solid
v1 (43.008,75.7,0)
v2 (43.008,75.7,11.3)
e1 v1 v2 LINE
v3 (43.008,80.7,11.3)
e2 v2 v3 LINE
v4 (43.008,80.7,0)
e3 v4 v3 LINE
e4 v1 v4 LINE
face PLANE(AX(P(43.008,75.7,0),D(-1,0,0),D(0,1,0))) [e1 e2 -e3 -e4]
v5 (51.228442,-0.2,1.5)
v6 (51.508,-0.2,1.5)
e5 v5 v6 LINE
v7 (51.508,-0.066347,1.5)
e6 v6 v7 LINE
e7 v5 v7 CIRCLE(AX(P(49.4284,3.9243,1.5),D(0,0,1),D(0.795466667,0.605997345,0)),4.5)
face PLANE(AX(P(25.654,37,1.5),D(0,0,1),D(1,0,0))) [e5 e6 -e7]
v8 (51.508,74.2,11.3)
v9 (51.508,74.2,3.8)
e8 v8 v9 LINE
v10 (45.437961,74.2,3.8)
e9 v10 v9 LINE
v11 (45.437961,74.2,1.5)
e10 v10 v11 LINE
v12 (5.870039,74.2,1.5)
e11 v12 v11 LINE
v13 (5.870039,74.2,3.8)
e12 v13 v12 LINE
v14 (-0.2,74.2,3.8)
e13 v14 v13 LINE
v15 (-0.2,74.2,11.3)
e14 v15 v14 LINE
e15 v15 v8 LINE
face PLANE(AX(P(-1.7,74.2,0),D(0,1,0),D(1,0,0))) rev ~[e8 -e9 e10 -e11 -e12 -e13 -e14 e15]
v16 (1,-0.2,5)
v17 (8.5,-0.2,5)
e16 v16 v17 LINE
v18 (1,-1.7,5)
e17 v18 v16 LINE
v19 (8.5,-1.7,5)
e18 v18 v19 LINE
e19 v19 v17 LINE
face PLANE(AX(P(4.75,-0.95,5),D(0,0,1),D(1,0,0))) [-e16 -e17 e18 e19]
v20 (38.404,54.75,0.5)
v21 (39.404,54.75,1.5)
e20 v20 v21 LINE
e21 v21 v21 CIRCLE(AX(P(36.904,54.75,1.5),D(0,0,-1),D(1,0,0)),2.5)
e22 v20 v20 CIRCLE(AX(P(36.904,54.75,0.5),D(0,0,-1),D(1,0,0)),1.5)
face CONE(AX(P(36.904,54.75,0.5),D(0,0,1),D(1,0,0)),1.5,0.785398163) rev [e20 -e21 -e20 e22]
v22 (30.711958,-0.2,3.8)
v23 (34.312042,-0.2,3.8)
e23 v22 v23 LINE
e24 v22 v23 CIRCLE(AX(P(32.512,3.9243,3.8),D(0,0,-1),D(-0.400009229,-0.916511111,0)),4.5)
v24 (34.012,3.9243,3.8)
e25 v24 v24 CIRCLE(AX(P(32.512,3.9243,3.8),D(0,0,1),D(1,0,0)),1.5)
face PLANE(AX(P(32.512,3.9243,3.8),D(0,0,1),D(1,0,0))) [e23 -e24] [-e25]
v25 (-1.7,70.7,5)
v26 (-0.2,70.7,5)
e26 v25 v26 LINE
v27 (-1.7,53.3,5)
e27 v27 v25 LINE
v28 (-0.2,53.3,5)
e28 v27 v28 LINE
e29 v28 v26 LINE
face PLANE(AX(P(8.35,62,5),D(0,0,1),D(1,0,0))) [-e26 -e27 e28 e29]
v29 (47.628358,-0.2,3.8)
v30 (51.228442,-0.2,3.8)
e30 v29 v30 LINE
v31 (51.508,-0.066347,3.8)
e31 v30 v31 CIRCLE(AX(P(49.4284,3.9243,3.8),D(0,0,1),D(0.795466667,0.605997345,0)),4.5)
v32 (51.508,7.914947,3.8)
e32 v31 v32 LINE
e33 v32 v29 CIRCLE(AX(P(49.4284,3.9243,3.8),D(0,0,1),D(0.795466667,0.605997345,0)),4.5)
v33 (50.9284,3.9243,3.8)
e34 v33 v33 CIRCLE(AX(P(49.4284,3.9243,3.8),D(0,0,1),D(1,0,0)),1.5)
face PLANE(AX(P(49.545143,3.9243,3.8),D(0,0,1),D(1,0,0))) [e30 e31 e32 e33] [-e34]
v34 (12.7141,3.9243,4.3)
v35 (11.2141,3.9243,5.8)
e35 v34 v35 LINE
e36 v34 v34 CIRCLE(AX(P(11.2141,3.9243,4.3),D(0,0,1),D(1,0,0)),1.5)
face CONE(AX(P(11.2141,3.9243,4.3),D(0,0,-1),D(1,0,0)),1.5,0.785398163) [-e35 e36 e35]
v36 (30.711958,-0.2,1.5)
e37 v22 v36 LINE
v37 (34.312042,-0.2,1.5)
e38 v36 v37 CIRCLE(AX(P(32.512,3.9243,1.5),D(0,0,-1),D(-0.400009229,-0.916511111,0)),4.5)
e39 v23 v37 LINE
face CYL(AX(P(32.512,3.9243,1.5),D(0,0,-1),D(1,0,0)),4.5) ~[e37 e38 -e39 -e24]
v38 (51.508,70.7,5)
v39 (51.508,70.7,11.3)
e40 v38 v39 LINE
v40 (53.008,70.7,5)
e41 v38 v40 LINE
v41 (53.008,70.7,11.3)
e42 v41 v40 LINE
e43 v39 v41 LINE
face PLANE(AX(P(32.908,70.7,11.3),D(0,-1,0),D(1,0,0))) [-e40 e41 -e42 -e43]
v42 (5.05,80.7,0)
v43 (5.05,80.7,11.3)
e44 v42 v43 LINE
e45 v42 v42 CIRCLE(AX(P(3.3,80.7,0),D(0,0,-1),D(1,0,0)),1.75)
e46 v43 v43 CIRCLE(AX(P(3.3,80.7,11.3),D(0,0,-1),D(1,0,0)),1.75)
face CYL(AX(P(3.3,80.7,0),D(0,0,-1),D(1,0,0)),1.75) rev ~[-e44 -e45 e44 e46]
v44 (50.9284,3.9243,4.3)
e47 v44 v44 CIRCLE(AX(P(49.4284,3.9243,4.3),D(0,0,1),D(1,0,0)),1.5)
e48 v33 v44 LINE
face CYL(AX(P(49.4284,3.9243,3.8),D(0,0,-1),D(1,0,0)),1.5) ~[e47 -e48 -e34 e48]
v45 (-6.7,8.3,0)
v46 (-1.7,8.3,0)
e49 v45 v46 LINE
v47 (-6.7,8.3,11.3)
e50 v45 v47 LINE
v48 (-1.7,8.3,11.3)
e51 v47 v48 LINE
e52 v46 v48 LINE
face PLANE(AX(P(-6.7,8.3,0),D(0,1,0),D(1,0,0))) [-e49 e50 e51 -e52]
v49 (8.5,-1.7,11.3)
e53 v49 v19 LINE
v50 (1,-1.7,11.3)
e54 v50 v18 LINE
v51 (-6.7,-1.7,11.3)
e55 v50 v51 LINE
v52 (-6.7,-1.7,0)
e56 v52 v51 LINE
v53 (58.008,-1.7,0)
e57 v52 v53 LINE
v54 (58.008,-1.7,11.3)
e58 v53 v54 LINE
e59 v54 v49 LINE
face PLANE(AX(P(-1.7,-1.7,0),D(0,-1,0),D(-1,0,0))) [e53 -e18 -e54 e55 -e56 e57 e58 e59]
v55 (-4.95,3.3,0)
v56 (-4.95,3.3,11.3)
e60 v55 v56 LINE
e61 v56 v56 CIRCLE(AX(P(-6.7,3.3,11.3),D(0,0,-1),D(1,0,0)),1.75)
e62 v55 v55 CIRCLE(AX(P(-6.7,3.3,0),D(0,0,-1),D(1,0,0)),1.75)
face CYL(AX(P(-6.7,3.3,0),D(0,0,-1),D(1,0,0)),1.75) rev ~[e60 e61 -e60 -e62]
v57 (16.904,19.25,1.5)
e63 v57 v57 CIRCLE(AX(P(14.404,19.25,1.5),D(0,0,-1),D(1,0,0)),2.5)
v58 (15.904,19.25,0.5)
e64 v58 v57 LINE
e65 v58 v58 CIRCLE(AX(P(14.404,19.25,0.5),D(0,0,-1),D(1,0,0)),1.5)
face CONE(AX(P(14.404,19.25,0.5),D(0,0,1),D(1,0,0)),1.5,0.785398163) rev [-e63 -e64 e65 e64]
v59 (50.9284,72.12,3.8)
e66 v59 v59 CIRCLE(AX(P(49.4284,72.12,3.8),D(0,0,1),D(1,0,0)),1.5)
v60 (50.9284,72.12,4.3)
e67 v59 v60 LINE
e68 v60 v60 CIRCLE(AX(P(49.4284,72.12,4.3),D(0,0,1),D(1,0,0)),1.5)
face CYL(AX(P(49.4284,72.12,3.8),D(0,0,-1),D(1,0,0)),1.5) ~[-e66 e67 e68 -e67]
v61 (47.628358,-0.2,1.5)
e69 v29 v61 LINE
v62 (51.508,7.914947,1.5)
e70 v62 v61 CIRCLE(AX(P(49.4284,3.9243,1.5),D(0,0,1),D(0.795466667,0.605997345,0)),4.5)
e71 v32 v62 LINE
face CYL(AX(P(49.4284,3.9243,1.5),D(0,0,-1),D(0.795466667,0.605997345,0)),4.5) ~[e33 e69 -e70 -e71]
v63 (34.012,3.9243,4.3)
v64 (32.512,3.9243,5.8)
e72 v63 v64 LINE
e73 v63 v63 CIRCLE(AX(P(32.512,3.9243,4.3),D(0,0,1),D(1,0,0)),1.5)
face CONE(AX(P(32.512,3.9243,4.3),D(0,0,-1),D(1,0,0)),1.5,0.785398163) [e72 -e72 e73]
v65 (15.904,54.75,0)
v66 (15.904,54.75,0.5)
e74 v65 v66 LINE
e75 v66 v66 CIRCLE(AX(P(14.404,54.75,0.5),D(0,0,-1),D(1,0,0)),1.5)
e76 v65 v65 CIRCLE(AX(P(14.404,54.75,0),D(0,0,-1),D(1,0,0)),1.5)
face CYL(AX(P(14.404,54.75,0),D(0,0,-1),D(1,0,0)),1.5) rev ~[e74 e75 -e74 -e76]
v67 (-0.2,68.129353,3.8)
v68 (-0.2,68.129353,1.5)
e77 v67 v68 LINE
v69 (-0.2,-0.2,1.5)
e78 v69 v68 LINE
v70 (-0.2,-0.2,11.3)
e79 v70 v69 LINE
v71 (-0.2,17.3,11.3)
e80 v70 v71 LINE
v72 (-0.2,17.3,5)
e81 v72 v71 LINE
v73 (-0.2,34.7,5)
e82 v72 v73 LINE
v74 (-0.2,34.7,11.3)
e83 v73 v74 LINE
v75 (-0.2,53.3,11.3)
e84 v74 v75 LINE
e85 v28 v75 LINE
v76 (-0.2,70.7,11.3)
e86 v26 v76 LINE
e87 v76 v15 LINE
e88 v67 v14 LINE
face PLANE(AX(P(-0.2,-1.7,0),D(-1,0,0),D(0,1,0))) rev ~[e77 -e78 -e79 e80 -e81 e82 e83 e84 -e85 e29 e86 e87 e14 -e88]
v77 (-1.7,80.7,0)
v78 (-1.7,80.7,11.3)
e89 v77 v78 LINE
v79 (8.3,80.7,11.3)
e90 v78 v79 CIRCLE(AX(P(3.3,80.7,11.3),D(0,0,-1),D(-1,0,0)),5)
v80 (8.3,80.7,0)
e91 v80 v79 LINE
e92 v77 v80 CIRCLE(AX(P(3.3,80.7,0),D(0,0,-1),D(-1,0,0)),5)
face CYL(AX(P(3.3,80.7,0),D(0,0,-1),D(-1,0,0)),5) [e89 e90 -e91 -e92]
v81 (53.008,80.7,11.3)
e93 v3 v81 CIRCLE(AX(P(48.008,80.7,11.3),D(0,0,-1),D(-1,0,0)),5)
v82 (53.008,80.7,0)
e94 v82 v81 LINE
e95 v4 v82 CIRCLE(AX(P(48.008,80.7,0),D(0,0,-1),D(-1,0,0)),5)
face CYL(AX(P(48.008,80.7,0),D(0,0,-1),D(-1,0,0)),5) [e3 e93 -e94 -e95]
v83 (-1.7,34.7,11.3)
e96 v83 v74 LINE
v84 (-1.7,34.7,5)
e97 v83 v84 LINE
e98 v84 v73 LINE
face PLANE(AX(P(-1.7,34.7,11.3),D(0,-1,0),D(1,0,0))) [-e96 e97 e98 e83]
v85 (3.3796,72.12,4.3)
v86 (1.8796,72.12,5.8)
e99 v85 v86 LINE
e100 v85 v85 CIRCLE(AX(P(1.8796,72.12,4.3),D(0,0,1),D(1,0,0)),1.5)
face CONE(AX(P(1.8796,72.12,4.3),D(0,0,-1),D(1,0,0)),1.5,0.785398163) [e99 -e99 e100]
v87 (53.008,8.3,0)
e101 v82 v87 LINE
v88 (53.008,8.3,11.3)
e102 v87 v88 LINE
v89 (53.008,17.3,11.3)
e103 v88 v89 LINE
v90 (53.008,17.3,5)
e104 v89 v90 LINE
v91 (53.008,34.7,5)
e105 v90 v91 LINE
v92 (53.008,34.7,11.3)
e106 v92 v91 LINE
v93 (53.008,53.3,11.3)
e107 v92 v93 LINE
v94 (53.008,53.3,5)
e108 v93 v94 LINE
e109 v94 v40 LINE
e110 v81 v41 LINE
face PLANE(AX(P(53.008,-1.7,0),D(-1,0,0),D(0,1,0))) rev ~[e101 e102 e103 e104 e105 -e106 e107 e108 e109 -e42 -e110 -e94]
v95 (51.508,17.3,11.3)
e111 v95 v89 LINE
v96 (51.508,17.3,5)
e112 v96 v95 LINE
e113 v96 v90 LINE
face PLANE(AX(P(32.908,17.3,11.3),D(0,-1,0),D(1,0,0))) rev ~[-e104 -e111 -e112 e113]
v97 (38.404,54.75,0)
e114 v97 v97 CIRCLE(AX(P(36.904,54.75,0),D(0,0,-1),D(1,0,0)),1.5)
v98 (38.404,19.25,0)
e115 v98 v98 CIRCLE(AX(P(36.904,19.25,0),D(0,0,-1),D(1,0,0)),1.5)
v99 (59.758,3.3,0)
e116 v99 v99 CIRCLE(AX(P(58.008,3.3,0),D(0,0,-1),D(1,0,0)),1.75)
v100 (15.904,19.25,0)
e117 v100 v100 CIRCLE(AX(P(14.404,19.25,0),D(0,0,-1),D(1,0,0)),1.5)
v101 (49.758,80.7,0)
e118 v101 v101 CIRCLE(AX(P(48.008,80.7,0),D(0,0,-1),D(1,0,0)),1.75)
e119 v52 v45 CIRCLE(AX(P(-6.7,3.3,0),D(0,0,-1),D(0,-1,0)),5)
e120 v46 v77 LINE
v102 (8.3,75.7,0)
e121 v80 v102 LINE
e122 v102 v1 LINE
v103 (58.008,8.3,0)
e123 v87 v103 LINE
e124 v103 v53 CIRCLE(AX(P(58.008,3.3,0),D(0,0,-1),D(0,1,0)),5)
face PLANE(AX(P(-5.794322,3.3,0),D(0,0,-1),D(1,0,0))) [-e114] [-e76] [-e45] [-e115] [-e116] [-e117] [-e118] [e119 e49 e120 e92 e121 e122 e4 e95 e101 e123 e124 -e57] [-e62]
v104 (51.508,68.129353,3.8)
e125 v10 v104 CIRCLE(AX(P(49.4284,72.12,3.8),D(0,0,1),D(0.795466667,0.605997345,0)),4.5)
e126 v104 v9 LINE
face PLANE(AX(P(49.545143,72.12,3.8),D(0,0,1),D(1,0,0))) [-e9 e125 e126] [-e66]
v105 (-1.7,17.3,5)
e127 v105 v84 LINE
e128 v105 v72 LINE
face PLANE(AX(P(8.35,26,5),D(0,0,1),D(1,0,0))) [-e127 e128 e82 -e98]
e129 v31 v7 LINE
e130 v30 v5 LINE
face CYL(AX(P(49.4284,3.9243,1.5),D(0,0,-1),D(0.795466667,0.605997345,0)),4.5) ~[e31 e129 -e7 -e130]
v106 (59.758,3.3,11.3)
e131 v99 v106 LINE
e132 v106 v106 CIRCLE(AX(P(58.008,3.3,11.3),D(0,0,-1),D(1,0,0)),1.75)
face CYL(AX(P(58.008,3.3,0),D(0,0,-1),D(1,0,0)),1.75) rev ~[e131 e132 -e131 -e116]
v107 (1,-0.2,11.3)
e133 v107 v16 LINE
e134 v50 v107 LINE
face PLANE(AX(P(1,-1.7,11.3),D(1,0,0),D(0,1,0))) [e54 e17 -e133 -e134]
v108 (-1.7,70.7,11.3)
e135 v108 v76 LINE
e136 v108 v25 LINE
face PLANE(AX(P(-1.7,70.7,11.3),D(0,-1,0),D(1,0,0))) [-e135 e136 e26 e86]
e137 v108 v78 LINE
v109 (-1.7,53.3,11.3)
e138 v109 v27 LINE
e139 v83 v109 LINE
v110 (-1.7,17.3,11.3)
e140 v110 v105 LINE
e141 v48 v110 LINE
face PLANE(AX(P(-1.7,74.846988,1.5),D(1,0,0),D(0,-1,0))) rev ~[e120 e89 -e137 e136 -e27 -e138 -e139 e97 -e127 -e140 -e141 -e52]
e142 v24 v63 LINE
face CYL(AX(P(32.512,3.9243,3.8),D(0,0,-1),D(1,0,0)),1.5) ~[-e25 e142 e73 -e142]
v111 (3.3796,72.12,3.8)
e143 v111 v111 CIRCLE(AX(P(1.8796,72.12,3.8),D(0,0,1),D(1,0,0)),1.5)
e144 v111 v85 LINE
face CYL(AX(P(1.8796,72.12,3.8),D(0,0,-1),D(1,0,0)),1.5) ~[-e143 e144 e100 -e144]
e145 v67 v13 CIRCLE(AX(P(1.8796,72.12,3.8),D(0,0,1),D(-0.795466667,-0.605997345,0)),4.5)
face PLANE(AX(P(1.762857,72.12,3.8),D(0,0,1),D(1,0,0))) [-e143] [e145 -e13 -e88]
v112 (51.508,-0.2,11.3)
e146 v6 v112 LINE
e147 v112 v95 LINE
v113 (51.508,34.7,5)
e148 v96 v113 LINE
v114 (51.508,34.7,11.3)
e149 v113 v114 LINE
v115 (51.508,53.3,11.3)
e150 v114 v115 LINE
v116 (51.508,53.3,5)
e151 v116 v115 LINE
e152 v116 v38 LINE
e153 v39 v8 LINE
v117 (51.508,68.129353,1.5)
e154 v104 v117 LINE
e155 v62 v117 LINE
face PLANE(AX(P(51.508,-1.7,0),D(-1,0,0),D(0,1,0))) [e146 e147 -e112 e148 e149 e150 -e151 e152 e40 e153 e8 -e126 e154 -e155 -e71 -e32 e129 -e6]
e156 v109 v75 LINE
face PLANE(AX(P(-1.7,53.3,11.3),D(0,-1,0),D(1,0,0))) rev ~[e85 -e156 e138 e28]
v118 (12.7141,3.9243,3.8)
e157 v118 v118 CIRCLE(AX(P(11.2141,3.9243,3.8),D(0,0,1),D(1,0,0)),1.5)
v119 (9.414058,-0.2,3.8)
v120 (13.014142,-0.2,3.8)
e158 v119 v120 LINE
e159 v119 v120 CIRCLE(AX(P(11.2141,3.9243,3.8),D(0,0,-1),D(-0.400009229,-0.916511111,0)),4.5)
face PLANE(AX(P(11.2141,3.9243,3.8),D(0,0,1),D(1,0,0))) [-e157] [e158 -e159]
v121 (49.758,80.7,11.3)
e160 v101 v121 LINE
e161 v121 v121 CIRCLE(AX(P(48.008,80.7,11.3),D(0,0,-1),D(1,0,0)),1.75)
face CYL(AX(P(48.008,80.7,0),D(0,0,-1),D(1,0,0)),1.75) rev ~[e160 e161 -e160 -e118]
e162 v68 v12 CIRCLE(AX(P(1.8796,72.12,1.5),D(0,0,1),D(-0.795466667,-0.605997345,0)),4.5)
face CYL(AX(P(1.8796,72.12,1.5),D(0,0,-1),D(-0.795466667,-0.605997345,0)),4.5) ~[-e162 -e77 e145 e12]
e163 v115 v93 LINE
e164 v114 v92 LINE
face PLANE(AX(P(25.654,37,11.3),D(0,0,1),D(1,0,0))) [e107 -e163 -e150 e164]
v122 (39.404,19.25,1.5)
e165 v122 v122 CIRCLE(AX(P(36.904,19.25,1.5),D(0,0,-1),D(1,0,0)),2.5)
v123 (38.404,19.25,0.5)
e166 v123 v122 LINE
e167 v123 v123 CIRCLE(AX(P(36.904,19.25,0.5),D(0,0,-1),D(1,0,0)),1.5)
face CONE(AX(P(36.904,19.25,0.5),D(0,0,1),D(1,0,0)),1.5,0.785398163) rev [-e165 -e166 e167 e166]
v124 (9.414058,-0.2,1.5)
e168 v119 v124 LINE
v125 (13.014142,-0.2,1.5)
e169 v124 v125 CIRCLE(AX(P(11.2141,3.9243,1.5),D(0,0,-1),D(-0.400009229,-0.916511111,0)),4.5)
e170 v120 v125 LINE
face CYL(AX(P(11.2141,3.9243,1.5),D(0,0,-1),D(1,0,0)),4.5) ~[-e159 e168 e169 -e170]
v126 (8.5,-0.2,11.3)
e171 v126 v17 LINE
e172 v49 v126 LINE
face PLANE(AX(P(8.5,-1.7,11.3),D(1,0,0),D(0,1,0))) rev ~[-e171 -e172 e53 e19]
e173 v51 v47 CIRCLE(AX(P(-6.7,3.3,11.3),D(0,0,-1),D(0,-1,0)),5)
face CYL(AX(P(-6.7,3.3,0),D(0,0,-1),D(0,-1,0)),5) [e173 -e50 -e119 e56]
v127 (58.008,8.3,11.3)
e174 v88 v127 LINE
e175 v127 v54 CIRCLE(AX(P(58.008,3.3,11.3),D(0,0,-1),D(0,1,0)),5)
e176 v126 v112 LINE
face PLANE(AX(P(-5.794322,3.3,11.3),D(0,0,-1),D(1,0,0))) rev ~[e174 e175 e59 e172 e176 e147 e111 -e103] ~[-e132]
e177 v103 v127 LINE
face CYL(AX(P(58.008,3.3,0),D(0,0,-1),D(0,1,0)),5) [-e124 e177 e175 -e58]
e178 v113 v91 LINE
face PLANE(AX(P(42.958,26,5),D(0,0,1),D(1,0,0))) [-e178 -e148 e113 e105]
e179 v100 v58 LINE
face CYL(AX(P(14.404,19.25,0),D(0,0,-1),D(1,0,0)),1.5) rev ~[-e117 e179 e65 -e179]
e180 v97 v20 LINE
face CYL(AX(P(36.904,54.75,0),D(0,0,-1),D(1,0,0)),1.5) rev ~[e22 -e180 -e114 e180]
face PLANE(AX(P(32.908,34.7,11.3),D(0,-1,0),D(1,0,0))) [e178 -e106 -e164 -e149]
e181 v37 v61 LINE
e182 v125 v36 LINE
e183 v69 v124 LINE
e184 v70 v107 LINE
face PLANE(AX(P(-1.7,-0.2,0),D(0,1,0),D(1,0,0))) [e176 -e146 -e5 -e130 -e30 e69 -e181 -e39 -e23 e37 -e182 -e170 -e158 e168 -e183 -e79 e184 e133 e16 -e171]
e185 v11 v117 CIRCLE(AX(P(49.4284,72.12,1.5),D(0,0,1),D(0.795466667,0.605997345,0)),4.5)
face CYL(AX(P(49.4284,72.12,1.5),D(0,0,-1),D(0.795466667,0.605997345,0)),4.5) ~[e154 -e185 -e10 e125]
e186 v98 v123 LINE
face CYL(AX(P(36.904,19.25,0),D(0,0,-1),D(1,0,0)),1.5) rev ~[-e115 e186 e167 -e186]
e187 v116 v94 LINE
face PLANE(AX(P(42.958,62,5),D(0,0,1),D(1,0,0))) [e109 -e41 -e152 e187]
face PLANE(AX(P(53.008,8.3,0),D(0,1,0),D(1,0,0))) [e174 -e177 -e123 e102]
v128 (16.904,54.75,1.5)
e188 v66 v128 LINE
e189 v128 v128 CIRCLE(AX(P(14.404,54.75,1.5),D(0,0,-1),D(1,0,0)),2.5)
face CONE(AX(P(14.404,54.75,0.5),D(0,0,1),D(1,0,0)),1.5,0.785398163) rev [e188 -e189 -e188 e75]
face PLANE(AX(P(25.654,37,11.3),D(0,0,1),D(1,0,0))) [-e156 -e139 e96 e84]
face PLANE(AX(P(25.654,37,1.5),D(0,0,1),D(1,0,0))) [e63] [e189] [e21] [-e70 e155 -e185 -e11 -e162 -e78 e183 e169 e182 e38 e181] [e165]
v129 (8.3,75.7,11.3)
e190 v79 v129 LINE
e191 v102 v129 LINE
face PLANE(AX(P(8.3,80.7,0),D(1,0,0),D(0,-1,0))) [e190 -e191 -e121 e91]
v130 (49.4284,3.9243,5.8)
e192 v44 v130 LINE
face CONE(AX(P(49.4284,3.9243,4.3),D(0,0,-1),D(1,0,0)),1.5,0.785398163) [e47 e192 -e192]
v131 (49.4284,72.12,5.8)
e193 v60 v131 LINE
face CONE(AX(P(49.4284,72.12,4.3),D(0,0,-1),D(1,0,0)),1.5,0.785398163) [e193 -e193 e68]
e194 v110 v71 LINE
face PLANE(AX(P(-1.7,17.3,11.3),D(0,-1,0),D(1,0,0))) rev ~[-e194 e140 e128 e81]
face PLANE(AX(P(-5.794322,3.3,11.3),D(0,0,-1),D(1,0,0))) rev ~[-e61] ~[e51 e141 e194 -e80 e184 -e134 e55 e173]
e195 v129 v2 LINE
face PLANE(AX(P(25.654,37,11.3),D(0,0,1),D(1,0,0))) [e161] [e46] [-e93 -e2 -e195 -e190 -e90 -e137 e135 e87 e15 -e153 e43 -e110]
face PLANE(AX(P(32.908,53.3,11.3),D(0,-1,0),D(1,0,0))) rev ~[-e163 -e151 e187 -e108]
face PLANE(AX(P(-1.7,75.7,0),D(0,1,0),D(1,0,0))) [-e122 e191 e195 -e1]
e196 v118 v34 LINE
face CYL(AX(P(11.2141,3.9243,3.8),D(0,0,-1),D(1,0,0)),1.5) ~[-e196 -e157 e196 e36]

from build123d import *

# Parameters (mm, degrees)
F1_W      = 54.708
F1_H      = 77.4
F2_DEPTH  = 11.3
F3_T      = -1.5
F4_W      = 20.1
F4_H      = 17.4
F5_DEPTH  = 6.3
F6_R      = 4.5
F7_DEPTH  = 2.3
F8_R      = 1.5
F9_DEPTH  = 11.301
F10_SIZE  = 1
F11_R     = 1.75
F12_DEPTH = 11.3
F13_R     = 1.5
F14_DEPTH = 2
F15_SIZE  = 1.5
F16_W     = 7.5
F16_H     = 1.5
F17_DEPTH = 6.3


with BuildPart() as f2:
    # F1 (on face) → F2 (new body)
    with BuildSketch(Plane.XY):
        with Locations((25.654, 37)):
            Rectangle(F1_W, F1_H)
    extrude(amount=F2_DEPTH)

    # F3
    f3_openings = [f2.faces().sort_by_distance(p)[0] for p in [
        (25.654, 37, 11.3),
    ]]
    offset(amount=F3_T, openings=f3_openings)

    # F4 (on face) → F5 (cut, through all)
    with BuildSketch(Plane.XY.offset(11.3)):
        with Locations((8.35, 26)):
            Rectangle(F4_W, F4_H)
        with Locations((42.958, 26)):
            Rectangle(F4_W, F4_H)
        with Locations((8.35, 62)):
            Rectangle(F4_W, F4_H)
        with Locations((42.958, 62)):
            Rectangle(F4_W, F4_H)
    extrude(amount=-F5_DEPTH, mode=Mode.SUBTRACT)

    # F6 (on face) → F7 (join, through all)
    with BuildSketch(Plane.XY.offset(1.5)):
        with BuildLine():
            Line((-1.7, 74.8469880528), (-1.7, 69.3930119472))
            ThreePointArc((-1.7, 69.3930119472), (6.3796, 72.12), (-1.7, 74.8469880528))
        make_face()
        with BuildLine():
            Line((53.008, 69.3930119472), (53.008, 74.8469880528))
            ThreePointArc((53.008, 74.8469880528), (44.9284, 72.12), (53.008, 69.3930119472))
        make_face()
        with Locations((11.2141, 3.9243)):
            Circle(F6_R)
        with Locations((32.512, 3.9243)):
            Circle(F6_R)
        with BuildLine():
            Line((53.008, 1.1973119472), (53.008, 6.6512880528))
            ThreePointArc((53.008, 6.6512880528), (44.9284, 3.9243), (53.008, 1.1973119472))
        make_face()
    extrude(amount=F7_DEPTH)

    # F8 (on face) → F9 (cut, through all)
    with BuildSketch(Plane(origin=(0, 0, 0), x_dir=(1, 0, 0), z_dir=(0, 0, -1))):
        with Locations((14.404, -54.75)):
            Circle(F8_R)
        with Locations((14.404, -19.25)):
            Circle(F8_R)
        with Locations((36.904, -19.25)):
            Circle(F8_R)
        with Locations((36.904, -54.75)):
            Circle(F8_R)
    extrude(amount=-F9_DEPTH, mode=Mode.SUBTRACT)

    # F10
    f10_edges = [f2.edges().sort_by_distance(p)[0] for p in [
        (35.404, 54.75, 1.5),
        (12.904, 54.75, 1.5),
        (35.404, 19.25, 1.5),
        (12.904, 19.25, 1.5),
    ]]
    chamfer(f10_edges, length=F10_SIZE)

    # F11 (on face) → F12 (join, through all)
    with BuildSketch(Plane(origin=(0, 0, 0), x_dir=(1, 0, 0), z_dir=(0, 0, -1))):
        with BuildLine():
            Line((-1.7, 1.7), (-6.7, 1.7))
            ThreePointArc((-6.7, 1.7), (-11.7, -3.3), (-6.7, -8.3))
            Line((-6.7, -8.3), (-1.7, -8.3))
            Line((-1.7, -8.3), (-1.7, 1.7))
        make_face()
        with Locations((-6.7, -3.3)):
            Circle(F11_R, mode=Mode.SUBTRACT)
        with BuildLine():
            Line((-1.7, -75.7), (-1.7, -80.7))
            ThreePointArc((-1.7, -80.7), (3.3, -85.7), (8.3, -80.7))
            Line((8.3, -80.7), (8.3, -75.7))
            Line((8.3, -75.7), (-1.7, -75.7))
        make_face()
        with Locations((3.3, -80.7)):
            Circle(F11_R, mode=Mode.SUBTRACT)
        with BuildLine():
            Line((53.008, -8.3), (58.008, -8.3))
            ThreePointArc((58.008, -8.3), (63.008, -3.3), (58.008, 1.7))
            Line((58.008, 1.7), (53.008, 1.7))
            Line((53.008, 1.7), (53.008, -8.3))
        make_face()
        with Locations((58.008, -3.3)):
            Circle(F11_R, mode=Mode.SUBTRACT)
        with BuildLine():
            Line((43.008, -75.7), (43.008, -80.7))
            ThreePointArc((43.008, -80.7), (48.008, -85.7), (53.008, -80.7))
            Line((53.008, -80.7), (53.008, -75.7))
            Line((53.008, -75.7), (43.008, -75.7))
        make_face()
        with Locations((48.008, -80.7)):
            Circle(F11_R, mode=Mode.SUBTRACT)
    extrude(amount=-F12_DEPTH)

    # F13 (on face) → F14 (join)
    with BuildSketch(Plane.XY.offset(3.8)):
        with Locations((49.4284, 3.9243)):
            Circle(F13_R)
        with Locations((32.512, 3.9243)):
            Circle(F13_R)
        with Locations((11.2141, 3.9243)):
            Circle(F13_R)
        with Locations((49.4284, 72.12)):
            Circle(F13_R)
        with Locations((1.8796, 72.12)):
            Circle(F13_R)
    extrude(amount=F14_DEPTH)

    # F15
    f15_edges = [f2.edges().sort_by_distance(p)[0] for p in [
        (47.9284, 3.9243, 5.8),
        (31.012, 3.9243, 5.8),
        (9.7141, 3.9243, 5.8),
        (47.9284, 72.12, 5.8),
        (0.3796, 72.12, 5.8),
    ]]
    chamfer(f15_edges, length=F15_SIZE)

    # F16 (on face) → F17 (cut, through all)
    with BuildSketch(Plane.XY.offset(11.3)):
        with Locations((4.75, -0.95)):
            Rectangle(F16_W, F16_H)
    extrude(amount=-F17_DEPTH, mode=Mode.SUBTRACT)


solid = f2.part
